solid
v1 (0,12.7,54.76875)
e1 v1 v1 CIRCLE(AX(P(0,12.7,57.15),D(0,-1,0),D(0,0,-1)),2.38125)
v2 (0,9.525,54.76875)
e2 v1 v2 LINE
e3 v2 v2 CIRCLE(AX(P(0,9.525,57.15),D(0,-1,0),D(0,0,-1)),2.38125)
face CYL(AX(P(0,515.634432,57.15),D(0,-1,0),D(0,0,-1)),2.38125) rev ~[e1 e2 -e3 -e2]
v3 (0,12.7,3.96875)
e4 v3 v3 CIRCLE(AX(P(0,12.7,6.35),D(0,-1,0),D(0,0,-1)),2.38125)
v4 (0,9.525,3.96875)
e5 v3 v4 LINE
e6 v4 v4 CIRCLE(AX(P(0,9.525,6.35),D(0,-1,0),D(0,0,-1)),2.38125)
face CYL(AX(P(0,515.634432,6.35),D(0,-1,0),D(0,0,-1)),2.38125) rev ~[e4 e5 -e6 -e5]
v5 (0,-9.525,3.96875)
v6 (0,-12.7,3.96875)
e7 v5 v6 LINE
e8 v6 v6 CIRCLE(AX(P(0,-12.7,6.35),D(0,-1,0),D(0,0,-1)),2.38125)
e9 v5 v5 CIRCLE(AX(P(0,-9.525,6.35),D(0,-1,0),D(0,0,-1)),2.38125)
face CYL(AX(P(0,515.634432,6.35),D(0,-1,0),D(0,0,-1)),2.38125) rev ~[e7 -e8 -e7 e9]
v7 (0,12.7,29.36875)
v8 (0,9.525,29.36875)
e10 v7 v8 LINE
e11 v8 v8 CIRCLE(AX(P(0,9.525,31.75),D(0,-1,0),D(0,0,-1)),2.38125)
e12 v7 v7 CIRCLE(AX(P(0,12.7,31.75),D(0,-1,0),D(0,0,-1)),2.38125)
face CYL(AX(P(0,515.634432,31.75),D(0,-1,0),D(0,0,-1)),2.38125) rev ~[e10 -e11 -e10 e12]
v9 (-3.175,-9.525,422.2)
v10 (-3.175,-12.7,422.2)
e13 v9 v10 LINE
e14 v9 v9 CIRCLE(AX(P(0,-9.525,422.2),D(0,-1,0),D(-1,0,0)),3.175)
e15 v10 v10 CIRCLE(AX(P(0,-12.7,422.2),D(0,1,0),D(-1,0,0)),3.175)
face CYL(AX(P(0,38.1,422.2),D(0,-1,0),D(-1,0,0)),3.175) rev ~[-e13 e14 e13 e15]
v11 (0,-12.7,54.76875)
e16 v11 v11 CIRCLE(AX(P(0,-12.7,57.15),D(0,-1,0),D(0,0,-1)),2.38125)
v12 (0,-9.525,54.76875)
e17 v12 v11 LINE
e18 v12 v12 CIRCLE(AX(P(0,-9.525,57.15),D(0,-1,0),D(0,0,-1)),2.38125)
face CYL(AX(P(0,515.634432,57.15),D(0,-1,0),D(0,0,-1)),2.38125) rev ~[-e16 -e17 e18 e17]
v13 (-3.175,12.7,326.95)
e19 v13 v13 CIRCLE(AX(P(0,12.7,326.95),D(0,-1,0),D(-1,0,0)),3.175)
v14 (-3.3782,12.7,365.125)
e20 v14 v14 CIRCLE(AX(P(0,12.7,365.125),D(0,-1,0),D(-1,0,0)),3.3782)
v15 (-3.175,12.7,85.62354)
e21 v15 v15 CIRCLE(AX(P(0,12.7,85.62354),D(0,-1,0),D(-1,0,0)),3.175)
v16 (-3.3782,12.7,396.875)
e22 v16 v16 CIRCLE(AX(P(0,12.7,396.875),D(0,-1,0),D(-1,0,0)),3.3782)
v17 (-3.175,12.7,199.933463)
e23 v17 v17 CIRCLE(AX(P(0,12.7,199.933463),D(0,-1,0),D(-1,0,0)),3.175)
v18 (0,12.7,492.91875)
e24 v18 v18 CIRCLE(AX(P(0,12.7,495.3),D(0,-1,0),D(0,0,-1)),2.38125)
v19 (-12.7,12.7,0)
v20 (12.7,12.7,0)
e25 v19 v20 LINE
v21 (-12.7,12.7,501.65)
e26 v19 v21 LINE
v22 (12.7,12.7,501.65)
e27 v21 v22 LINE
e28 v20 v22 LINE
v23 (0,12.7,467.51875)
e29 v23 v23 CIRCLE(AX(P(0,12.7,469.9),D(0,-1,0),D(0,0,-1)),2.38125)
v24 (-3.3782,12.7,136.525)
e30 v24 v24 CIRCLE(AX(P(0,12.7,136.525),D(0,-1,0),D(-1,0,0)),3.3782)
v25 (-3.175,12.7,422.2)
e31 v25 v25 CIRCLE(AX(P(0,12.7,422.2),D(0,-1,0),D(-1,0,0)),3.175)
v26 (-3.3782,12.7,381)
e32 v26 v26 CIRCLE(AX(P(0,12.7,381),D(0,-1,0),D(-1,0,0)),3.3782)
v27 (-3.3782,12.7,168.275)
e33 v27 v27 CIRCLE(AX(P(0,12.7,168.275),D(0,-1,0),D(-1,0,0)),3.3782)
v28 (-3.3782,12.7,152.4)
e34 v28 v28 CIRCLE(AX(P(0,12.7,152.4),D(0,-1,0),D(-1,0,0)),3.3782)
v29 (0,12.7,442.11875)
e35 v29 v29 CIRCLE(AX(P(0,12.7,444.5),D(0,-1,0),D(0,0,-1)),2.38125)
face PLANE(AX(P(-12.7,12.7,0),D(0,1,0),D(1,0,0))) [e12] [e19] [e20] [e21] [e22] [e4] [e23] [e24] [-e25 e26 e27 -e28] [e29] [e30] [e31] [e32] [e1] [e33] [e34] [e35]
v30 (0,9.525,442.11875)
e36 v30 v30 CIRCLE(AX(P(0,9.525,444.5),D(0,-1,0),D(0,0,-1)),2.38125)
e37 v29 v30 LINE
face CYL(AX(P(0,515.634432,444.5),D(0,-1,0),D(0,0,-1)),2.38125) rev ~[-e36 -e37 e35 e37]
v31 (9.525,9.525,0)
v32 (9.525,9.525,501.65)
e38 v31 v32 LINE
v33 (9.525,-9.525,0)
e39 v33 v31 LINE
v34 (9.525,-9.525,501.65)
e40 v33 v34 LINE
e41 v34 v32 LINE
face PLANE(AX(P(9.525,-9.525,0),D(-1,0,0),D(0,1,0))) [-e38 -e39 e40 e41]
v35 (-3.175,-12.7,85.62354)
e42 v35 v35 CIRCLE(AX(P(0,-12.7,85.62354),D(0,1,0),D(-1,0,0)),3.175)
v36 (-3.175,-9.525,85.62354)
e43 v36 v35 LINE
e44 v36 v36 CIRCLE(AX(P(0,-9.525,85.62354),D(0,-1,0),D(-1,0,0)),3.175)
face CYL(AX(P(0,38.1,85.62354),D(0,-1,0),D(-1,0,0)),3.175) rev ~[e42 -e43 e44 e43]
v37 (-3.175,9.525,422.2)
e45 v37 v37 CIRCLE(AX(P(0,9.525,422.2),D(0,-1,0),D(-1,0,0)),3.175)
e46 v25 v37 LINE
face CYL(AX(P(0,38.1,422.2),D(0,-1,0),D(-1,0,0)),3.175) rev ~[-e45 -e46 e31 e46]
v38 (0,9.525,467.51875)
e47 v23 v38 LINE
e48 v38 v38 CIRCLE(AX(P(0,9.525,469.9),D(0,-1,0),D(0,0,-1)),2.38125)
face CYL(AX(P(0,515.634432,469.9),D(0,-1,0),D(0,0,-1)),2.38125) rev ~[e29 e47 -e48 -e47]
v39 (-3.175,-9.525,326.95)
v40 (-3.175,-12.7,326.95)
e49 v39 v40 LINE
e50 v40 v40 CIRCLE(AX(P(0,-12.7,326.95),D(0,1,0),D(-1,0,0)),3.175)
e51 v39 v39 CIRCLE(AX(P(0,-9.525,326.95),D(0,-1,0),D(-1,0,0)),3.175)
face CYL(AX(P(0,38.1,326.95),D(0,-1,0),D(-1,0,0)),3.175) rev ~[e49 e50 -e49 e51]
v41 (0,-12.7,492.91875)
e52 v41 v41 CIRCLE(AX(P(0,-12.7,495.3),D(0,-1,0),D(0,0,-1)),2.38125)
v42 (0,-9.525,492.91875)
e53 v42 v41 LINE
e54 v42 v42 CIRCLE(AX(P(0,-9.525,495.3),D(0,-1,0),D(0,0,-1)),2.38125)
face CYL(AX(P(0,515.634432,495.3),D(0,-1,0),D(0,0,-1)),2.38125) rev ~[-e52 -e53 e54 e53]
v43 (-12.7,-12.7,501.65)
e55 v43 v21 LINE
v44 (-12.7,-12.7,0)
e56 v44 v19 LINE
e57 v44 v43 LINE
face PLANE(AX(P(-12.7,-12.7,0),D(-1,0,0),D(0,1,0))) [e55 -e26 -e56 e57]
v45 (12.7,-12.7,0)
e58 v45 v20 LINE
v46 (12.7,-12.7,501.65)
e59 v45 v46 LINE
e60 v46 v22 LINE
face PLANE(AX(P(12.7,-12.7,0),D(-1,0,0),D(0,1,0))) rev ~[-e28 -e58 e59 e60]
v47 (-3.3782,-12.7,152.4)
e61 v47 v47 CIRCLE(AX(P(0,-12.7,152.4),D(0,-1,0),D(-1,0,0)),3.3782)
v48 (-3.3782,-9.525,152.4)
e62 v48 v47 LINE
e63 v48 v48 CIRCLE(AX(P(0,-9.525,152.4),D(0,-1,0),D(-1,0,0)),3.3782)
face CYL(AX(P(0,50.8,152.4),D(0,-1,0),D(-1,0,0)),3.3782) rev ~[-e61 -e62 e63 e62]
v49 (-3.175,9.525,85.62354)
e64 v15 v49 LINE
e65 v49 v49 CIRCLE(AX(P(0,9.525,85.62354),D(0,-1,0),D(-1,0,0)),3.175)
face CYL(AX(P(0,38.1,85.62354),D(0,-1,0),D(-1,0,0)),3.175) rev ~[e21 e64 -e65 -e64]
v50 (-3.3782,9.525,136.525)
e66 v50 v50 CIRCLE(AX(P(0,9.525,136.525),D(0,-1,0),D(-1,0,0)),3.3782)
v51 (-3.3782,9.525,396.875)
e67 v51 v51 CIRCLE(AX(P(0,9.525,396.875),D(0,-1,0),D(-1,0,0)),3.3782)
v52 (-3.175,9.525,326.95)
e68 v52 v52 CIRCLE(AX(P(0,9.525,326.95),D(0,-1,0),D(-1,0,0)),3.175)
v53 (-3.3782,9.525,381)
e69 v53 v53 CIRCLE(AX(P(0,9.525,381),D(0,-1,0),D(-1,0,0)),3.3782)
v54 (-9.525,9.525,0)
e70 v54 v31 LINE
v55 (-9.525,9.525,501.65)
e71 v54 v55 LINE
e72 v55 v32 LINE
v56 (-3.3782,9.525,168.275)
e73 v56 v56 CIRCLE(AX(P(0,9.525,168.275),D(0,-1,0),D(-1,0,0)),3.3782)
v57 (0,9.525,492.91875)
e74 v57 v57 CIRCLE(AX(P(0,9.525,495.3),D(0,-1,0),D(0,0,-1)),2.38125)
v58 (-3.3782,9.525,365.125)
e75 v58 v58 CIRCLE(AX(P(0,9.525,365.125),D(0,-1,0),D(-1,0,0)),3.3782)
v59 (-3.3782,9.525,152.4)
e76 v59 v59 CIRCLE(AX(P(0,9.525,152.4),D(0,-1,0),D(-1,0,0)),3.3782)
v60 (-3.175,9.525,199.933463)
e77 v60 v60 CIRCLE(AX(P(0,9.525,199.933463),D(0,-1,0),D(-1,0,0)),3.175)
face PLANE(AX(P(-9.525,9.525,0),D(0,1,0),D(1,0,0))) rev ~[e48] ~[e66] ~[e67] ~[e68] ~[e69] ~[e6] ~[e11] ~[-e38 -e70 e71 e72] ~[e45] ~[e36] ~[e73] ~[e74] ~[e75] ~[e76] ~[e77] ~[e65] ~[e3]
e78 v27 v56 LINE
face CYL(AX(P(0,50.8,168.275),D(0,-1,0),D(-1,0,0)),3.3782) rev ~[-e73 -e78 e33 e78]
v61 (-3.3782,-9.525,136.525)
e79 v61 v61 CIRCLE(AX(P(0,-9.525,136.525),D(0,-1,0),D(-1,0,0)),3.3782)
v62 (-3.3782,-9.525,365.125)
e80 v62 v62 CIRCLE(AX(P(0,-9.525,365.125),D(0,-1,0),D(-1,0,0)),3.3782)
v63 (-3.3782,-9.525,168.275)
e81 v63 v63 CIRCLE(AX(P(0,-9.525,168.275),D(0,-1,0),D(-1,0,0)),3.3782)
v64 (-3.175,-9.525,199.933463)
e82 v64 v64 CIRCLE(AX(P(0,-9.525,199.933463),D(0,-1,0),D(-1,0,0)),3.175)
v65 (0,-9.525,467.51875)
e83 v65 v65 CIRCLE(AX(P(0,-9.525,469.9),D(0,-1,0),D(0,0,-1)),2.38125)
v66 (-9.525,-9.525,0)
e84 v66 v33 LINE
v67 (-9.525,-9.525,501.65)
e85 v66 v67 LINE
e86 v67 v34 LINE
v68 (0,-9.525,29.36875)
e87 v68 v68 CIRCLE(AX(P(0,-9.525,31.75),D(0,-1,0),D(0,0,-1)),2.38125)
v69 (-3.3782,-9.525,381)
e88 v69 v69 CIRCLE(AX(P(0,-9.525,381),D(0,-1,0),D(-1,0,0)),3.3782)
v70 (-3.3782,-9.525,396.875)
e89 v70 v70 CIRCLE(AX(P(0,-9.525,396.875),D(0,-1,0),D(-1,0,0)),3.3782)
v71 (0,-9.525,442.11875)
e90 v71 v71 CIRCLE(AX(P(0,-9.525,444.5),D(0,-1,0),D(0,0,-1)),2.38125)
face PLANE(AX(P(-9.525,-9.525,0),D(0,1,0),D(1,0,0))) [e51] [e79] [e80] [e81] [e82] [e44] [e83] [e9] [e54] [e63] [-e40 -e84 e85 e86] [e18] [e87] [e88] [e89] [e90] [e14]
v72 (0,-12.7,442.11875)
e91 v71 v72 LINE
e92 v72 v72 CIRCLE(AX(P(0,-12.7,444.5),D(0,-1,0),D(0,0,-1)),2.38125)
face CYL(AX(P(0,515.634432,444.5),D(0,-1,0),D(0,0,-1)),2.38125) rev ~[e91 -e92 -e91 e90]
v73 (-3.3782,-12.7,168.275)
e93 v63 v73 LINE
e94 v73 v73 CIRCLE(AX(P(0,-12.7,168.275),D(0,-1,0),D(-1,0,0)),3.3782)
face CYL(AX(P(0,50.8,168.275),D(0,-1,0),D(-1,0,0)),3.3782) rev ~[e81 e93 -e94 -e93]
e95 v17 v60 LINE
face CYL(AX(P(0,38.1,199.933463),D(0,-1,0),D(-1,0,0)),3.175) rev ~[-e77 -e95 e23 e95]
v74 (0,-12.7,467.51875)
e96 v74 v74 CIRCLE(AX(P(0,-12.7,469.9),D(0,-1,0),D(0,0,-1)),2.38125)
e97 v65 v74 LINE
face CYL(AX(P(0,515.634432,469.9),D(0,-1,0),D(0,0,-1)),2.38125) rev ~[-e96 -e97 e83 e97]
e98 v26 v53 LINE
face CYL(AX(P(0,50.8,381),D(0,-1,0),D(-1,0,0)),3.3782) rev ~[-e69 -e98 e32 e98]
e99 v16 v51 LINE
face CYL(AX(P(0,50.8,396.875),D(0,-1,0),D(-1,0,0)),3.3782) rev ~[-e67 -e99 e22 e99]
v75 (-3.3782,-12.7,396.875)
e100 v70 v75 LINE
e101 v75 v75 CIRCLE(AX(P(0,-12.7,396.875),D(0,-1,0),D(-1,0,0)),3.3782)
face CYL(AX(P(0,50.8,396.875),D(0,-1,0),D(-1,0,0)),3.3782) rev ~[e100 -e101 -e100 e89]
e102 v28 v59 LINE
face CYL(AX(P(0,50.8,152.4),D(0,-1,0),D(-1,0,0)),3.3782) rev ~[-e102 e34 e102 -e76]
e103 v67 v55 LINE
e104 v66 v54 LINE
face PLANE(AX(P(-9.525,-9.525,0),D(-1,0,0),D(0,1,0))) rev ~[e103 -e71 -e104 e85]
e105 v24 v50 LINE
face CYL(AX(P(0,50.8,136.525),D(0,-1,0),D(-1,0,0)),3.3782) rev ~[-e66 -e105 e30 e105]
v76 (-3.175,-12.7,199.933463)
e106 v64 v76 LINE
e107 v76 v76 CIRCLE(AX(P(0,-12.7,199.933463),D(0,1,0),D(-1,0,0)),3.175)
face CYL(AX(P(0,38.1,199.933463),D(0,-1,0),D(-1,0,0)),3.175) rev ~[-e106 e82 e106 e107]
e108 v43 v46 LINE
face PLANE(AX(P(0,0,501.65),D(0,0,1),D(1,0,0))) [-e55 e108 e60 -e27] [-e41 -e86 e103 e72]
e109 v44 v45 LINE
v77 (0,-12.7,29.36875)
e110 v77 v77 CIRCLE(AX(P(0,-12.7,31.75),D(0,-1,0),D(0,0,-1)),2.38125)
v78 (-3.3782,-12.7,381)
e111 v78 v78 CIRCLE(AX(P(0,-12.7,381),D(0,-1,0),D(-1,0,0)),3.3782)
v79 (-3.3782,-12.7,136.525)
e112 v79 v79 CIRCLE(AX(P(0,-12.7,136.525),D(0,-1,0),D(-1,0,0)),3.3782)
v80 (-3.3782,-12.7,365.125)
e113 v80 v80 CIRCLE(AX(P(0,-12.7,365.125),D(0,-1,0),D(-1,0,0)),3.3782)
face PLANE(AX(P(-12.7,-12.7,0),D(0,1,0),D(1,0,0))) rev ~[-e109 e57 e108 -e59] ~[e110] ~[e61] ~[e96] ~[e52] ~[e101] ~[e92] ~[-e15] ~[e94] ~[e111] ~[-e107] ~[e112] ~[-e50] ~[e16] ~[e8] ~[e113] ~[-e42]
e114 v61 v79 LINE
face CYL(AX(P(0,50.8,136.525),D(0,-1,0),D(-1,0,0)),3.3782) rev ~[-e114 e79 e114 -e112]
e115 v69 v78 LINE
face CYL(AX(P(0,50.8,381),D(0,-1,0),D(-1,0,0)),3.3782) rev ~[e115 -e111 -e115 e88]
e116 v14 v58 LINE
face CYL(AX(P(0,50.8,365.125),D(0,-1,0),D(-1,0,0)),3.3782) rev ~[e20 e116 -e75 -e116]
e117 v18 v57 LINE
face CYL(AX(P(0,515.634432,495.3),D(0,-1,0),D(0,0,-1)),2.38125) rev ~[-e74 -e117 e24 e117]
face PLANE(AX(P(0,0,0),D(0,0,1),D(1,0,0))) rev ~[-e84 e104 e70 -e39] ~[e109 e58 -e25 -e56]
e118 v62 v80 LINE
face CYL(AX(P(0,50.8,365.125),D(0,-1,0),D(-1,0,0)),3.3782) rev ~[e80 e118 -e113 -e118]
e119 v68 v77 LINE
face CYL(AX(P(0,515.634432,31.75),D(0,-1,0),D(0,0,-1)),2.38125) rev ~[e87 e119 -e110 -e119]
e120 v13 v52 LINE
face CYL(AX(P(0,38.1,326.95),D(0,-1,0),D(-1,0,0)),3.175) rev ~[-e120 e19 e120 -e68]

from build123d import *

# Parameters (mm, degrees)
SKETCH1_W                       = 25.4
SKETCH1_H                       = 25.4
SKETCH1_W_2                     = 19.05
SKETCH1_H_2                     = 19.05
EXTRUDE_THIN1_DEPTH             = 501.65
F_3_16_0_1875_DIAMETER_HOLE1_D  = 4.7625
F_1_4_0_25_DIAMETER_HOLE1_D     = 6.35
F_1_4_0_25_DIAMETER_HOLE1_DEPTH = 25.4
F_1_4_0_25_DIAMETER_HOLE1_TIP   = 1.907732465
F_1_4_CLEARANCE_HOLE1_D         = 6.7564
F_1_4_CLEARANCE_HOLE1_DEPTH     = 38.1
F_1_4_CLEARANCE_HOLE1_TIP       = 2.029827343


with BuildPart() as part:
    # Sketch1 → Extrude-Thin1 (new body)
    with BuildSketch(Plane.XY):
        Rectangle(SKETCH1_W, SKETCH1_H)
        Rectangle(SKETCH1_W_2, SKETCH1_H_2, mode=Mode.SUBTRACT)
    extrude(amount=EXTRUDE_THIN1_DEPTH)

    # 3/16 (0.1875) Diameter Hole1 (through all)
    with Locations(Plane(origin=(0, 12.7, 495.3), x_dir=(0, 0, 1), z_dir=(0, 1, 0))):
        with Locations((0, 0), (-488.95, 0), (-463.55, 0), (-438.15, 0), (-25.4, 0), (-50.8, 0)):
            Hole(F_3_16_0_1875_DIAMETER_HOLE1_D / 2)

    # 1/4 (0.25) Diameter Hole1
    with Locations(Plane(origin=(0, 12.7, 0), x_dir=(1, 0, 0), z_dir=(0, 1, 0))):
        with Locations((0, -199.933463093), (0, -422.2), (0, -326.95), (0, -85.623539829)):
            Hole(F_1_4_0_25_DIAMETER_HOLE1_D / 2, depth=F_1_4_0_25_DIAMETER_HOLE1_DEPTH)
            with Locations((0, 0, -(F_1_4_0_25_DIAMETER_HOLE1_DEPTH + F_1_4_0_25_DIAMETER_HOLE1_TIP / 2))):  # 118° drill point
                Cone(0, F_1_4_0_25_DIAMETER_HOLE1_D / 2, F_1_4_0_25_DIAMETER_HOLE1_TIP, mode=Mode.SUBTRACT)

    # 1/4 Clearance Hole1
    with Locations(Plane(origin=(-381, 12.7, 250.825), x_dir=(1, 0, 0), z_dir=(0, 1, 0))):
        with Locations((381, 82.55), (381, 98.425), (381, 114.3), (381, -146.05), (381, -130.175), (381, -114.3), (-381, -146.05), (-381, -130.175), (-381, -114.3), (-381, 82.55), (-381, 98.425), (-381, 114.3)):
            Hole(F_1_4_CLEARANCE_HOLE1_D / 2, depth=F_1_4_CLEARANCE_HOLE1_DEPTH)
            with Locations((0, 0, -(F_1_4_CLEARANCE_HOLE1_DEPTH + F_1_4_CLEARANCE_HOLE1_TIP / 2))):  # 118° drill point
                Cone(0, F_1_4_CLEARANCE_HOLE1_D / 2, F_1_4_CLEARANCE_HOLE1_TIP, mode=Mode.SUBTRACT)


solid = part.part
